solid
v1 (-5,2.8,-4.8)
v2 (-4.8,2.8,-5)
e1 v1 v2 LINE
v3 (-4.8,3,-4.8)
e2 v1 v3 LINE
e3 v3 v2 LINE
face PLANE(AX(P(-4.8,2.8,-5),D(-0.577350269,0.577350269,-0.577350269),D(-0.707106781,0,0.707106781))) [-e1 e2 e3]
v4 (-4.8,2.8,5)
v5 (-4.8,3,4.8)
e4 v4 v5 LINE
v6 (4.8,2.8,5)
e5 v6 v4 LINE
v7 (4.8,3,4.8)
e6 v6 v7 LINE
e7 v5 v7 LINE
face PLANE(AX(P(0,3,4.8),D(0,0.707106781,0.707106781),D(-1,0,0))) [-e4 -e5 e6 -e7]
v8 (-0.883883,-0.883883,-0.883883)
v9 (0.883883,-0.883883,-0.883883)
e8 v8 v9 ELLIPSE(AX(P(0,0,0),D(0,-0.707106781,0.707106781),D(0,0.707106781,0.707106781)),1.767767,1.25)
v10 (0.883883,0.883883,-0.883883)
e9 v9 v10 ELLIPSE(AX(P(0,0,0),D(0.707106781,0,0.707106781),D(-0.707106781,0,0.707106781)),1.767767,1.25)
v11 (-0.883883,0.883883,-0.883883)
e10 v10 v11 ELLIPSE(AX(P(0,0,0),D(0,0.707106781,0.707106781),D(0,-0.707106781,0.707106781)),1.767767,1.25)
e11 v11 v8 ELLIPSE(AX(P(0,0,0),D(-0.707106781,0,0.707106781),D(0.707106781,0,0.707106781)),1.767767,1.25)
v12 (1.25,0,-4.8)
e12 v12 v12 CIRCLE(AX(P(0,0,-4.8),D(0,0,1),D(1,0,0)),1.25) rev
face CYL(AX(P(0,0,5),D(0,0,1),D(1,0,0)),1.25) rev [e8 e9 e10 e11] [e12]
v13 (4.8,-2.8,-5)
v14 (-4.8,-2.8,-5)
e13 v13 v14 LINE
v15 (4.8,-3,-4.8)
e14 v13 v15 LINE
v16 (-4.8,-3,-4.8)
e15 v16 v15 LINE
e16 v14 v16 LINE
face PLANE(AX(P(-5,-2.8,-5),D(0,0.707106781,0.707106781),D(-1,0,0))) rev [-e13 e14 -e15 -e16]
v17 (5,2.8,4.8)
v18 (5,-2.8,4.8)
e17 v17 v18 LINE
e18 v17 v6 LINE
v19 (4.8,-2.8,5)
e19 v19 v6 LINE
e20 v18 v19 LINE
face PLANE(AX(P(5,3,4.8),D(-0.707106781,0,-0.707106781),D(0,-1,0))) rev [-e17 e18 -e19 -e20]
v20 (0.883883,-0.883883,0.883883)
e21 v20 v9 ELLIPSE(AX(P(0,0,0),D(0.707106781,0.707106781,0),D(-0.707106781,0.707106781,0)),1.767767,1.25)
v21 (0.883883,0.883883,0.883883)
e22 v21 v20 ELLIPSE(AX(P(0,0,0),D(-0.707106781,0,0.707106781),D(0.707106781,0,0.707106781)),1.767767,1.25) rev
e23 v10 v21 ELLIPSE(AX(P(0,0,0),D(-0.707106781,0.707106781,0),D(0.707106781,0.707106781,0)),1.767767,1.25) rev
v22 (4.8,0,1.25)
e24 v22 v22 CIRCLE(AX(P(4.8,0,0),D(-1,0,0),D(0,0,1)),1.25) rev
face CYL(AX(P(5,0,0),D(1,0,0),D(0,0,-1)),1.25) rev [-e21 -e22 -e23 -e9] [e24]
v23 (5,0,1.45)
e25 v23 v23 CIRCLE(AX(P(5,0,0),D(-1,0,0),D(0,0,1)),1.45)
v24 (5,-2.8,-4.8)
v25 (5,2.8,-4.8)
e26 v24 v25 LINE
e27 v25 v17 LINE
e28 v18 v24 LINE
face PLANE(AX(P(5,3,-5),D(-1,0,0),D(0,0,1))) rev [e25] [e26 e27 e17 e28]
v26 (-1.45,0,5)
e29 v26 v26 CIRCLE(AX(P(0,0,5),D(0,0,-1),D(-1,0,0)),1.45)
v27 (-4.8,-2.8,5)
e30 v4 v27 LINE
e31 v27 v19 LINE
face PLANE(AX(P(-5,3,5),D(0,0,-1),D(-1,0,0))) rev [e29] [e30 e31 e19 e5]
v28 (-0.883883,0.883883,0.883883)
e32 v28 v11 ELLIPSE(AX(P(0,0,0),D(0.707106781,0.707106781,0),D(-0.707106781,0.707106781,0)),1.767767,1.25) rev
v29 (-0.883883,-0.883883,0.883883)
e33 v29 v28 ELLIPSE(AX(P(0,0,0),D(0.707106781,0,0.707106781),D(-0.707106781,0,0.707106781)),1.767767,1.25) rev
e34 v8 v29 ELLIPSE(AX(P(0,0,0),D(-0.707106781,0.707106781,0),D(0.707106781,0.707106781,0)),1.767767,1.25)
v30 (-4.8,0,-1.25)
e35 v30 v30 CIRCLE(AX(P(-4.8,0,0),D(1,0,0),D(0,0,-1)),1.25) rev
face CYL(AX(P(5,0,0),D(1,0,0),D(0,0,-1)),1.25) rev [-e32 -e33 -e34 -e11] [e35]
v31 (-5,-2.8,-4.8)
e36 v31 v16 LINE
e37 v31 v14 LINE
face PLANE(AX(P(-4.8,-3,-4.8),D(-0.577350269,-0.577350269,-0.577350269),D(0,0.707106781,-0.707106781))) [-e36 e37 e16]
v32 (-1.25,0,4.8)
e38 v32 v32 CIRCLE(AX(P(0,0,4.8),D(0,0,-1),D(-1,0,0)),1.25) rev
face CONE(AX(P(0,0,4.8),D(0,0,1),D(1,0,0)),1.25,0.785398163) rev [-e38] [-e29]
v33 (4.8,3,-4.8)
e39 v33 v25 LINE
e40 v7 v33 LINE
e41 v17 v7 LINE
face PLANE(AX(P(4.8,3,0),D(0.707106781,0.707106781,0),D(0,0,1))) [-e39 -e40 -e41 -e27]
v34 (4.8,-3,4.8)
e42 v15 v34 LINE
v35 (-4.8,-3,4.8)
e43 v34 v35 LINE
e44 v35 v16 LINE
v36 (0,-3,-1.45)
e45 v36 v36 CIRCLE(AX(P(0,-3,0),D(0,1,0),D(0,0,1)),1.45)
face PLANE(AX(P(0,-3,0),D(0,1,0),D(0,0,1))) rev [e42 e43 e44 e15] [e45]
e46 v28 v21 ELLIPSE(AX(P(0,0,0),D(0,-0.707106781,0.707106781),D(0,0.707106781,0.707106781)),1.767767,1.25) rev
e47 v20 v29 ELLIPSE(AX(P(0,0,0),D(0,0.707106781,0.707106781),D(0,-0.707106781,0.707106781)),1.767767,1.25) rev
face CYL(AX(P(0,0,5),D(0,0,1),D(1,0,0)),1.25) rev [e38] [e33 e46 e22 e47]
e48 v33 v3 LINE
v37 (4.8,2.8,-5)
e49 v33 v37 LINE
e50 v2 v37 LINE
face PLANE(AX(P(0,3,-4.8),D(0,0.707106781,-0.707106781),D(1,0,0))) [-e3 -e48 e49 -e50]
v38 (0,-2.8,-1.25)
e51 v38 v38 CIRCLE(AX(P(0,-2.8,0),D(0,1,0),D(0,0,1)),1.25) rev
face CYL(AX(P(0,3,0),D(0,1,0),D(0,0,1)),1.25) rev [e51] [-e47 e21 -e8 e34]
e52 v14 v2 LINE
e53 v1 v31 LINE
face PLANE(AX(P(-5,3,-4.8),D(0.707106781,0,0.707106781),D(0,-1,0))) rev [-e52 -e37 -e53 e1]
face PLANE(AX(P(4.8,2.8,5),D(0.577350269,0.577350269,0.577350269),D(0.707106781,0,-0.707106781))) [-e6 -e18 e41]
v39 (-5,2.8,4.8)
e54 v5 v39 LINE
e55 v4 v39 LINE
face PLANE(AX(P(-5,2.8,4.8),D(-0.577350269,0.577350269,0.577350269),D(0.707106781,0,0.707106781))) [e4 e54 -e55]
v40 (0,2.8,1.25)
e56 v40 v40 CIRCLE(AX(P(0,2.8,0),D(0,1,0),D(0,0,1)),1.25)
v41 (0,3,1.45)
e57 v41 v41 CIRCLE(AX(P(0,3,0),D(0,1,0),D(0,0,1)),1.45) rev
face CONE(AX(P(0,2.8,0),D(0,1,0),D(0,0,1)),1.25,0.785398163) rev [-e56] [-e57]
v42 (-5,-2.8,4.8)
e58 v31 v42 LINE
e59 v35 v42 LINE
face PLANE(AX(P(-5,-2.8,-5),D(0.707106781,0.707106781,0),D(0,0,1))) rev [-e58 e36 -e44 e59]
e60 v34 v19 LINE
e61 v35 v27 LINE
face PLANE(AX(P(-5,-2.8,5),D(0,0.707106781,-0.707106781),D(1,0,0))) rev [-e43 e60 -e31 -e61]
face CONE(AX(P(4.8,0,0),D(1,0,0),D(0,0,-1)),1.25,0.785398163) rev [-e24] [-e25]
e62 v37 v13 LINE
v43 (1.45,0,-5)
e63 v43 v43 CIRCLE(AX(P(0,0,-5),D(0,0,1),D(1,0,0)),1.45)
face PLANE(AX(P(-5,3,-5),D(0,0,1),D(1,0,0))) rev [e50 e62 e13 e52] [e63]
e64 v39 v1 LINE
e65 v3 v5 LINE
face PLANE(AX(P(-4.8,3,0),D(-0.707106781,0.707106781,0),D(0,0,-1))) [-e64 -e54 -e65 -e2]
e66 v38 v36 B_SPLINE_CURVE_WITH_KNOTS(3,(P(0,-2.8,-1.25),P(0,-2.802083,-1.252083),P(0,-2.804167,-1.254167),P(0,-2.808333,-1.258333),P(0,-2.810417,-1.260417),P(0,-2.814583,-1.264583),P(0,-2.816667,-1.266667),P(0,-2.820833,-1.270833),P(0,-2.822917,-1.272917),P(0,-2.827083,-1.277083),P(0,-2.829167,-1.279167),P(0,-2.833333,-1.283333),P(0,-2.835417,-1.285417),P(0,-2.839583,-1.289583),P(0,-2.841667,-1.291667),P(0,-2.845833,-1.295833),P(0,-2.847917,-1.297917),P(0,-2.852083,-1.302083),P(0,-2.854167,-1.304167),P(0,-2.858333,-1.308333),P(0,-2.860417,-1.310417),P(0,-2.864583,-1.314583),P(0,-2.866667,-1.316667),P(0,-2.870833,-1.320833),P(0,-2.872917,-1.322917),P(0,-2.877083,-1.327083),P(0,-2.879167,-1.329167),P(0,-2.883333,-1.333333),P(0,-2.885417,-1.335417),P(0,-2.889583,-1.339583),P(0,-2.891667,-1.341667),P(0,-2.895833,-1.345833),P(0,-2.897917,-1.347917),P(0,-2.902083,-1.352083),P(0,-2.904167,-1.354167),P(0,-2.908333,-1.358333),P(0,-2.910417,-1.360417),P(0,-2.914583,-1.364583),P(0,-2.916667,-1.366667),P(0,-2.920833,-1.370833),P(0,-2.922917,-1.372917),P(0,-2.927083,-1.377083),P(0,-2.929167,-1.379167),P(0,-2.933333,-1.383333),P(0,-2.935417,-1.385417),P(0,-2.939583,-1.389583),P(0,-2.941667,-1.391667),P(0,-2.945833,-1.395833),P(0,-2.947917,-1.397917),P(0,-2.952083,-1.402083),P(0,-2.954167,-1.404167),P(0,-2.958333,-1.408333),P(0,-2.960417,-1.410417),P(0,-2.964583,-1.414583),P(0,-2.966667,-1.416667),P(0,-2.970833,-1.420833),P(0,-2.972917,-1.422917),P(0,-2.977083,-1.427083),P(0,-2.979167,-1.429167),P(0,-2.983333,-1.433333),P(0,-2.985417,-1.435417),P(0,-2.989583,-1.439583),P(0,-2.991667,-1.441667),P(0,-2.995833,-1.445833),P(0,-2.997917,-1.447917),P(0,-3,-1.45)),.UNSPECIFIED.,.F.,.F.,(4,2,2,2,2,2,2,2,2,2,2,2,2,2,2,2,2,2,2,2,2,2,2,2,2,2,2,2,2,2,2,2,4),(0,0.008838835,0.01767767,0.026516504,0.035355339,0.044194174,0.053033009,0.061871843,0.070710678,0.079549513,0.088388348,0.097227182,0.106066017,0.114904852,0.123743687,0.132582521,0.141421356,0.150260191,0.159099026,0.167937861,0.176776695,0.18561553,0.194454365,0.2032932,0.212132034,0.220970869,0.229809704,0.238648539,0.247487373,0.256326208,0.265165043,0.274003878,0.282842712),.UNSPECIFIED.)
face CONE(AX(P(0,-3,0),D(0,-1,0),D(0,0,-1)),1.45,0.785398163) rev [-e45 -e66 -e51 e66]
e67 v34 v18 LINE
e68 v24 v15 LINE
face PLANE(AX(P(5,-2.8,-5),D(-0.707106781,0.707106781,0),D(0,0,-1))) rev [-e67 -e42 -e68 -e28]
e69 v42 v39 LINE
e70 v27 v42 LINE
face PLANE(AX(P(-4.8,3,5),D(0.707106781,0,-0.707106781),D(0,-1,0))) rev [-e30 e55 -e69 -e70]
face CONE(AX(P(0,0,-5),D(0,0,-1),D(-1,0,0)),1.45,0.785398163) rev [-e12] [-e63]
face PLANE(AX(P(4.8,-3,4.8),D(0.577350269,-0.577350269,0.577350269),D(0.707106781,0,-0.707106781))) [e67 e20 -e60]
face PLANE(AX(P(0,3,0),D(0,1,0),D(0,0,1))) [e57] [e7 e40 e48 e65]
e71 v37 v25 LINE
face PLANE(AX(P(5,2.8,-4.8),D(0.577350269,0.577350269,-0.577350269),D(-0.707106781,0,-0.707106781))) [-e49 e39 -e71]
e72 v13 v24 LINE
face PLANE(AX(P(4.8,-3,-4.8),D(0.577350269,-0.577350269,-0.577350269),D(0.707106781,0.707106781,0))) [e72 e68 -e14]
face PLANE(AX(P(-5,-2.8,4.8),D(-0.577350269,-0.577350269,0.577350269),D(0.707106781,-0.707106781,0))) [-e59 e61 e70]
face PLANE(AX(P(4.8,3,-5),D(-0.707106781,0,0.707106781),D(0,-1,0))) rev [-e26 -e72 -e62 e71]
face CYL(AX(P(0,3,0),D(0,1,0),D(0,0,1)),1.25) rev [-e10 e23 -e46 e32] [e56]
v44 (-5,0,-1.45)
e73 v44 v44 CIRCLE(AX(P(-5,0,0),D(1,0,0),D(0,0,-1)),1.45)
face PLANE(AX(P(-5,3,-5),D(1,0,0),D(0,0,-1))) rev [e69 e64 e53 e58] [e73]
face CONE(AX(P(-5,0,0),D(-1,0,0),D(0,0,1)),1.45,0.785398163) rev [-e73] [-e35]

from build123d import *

# Parameters (mm, degrees)
SKETCH_1_W         = 10
SKETCH_1_H         = 10
EXTRUDE_1_DEPTH    = 3
HOLE_WIZARD_M3_1_D = 2.5
HOLE_WIZARD_M3_2_D = 2.5
HOLE_WIZARD_M3_3_D = 2.5
CHAMFER_1_SIZE     = 0.2


with BuildPart() as part:
    # 草图1 → 凸台-拉伸1 (new, symmetric)
    with BuildSketch(Plane(origin=(0, 0, 0), x_dir=(1, 0, 0), z_dir=(0, 1, 0))):
        Rectangle(SKETCH_1_W, SKETCH_1_H)
    extrude(amount=EXTRUDE_1_DEPTH, both=True)

    # M3 螺纹孔1 (through all)
    with Locations(Plane.XY.offset(5)):
        with Locations((0, 0)):
            Hole(HOLE_WIZARD_M3_1_D / 2)

    # M3 螺纹孔2 (through all)
    with Locations(Plane(origin=(0, 3, 0), x_dir=(1, 0, 0), z_dir=(0, 1, 0))):
        with Locations((0, 0)):
            Hole(HOLE_WIZARD_M3_2_D / 2)

    # M3 螺纹孔3 (through all)
    with Locations(Plane(origin=(5, 0, 0), x_dir=(0, 0, -1), z_dir=(1, 0, 0))):
        with Locations((0, 0)):
            Hole(HOLE_WIZARD_M3_3_D / 2)

    # 倒角1
    chamfer_1_edges = [part.edges().sort_by_distance(p)[0] for p in [
        (-5, 3, 0),
        (1.25, 0, 5),
        (1.25, 0, -5),
        (0, 3, 5),
        (1.25, -3, 0),
        (1.25, 3, 0),
        (-5, 0, -1.25),
        (5, 0, -1.25),
        (5, 3, 0),
        (0, -3, 5),
        (-5, -3, 0),
        (0, -3, -5),
        (5, -3, 0),
        (5, 0, 5),
        (-5, 0, 5),
        (-5, 0, -5),
        (5, 0, -5),
        (0, 3, -5),
    ]]
    chamfer(chamfer_1_edges, length=CHAMFER_1_SIZE)


solid = part.part
